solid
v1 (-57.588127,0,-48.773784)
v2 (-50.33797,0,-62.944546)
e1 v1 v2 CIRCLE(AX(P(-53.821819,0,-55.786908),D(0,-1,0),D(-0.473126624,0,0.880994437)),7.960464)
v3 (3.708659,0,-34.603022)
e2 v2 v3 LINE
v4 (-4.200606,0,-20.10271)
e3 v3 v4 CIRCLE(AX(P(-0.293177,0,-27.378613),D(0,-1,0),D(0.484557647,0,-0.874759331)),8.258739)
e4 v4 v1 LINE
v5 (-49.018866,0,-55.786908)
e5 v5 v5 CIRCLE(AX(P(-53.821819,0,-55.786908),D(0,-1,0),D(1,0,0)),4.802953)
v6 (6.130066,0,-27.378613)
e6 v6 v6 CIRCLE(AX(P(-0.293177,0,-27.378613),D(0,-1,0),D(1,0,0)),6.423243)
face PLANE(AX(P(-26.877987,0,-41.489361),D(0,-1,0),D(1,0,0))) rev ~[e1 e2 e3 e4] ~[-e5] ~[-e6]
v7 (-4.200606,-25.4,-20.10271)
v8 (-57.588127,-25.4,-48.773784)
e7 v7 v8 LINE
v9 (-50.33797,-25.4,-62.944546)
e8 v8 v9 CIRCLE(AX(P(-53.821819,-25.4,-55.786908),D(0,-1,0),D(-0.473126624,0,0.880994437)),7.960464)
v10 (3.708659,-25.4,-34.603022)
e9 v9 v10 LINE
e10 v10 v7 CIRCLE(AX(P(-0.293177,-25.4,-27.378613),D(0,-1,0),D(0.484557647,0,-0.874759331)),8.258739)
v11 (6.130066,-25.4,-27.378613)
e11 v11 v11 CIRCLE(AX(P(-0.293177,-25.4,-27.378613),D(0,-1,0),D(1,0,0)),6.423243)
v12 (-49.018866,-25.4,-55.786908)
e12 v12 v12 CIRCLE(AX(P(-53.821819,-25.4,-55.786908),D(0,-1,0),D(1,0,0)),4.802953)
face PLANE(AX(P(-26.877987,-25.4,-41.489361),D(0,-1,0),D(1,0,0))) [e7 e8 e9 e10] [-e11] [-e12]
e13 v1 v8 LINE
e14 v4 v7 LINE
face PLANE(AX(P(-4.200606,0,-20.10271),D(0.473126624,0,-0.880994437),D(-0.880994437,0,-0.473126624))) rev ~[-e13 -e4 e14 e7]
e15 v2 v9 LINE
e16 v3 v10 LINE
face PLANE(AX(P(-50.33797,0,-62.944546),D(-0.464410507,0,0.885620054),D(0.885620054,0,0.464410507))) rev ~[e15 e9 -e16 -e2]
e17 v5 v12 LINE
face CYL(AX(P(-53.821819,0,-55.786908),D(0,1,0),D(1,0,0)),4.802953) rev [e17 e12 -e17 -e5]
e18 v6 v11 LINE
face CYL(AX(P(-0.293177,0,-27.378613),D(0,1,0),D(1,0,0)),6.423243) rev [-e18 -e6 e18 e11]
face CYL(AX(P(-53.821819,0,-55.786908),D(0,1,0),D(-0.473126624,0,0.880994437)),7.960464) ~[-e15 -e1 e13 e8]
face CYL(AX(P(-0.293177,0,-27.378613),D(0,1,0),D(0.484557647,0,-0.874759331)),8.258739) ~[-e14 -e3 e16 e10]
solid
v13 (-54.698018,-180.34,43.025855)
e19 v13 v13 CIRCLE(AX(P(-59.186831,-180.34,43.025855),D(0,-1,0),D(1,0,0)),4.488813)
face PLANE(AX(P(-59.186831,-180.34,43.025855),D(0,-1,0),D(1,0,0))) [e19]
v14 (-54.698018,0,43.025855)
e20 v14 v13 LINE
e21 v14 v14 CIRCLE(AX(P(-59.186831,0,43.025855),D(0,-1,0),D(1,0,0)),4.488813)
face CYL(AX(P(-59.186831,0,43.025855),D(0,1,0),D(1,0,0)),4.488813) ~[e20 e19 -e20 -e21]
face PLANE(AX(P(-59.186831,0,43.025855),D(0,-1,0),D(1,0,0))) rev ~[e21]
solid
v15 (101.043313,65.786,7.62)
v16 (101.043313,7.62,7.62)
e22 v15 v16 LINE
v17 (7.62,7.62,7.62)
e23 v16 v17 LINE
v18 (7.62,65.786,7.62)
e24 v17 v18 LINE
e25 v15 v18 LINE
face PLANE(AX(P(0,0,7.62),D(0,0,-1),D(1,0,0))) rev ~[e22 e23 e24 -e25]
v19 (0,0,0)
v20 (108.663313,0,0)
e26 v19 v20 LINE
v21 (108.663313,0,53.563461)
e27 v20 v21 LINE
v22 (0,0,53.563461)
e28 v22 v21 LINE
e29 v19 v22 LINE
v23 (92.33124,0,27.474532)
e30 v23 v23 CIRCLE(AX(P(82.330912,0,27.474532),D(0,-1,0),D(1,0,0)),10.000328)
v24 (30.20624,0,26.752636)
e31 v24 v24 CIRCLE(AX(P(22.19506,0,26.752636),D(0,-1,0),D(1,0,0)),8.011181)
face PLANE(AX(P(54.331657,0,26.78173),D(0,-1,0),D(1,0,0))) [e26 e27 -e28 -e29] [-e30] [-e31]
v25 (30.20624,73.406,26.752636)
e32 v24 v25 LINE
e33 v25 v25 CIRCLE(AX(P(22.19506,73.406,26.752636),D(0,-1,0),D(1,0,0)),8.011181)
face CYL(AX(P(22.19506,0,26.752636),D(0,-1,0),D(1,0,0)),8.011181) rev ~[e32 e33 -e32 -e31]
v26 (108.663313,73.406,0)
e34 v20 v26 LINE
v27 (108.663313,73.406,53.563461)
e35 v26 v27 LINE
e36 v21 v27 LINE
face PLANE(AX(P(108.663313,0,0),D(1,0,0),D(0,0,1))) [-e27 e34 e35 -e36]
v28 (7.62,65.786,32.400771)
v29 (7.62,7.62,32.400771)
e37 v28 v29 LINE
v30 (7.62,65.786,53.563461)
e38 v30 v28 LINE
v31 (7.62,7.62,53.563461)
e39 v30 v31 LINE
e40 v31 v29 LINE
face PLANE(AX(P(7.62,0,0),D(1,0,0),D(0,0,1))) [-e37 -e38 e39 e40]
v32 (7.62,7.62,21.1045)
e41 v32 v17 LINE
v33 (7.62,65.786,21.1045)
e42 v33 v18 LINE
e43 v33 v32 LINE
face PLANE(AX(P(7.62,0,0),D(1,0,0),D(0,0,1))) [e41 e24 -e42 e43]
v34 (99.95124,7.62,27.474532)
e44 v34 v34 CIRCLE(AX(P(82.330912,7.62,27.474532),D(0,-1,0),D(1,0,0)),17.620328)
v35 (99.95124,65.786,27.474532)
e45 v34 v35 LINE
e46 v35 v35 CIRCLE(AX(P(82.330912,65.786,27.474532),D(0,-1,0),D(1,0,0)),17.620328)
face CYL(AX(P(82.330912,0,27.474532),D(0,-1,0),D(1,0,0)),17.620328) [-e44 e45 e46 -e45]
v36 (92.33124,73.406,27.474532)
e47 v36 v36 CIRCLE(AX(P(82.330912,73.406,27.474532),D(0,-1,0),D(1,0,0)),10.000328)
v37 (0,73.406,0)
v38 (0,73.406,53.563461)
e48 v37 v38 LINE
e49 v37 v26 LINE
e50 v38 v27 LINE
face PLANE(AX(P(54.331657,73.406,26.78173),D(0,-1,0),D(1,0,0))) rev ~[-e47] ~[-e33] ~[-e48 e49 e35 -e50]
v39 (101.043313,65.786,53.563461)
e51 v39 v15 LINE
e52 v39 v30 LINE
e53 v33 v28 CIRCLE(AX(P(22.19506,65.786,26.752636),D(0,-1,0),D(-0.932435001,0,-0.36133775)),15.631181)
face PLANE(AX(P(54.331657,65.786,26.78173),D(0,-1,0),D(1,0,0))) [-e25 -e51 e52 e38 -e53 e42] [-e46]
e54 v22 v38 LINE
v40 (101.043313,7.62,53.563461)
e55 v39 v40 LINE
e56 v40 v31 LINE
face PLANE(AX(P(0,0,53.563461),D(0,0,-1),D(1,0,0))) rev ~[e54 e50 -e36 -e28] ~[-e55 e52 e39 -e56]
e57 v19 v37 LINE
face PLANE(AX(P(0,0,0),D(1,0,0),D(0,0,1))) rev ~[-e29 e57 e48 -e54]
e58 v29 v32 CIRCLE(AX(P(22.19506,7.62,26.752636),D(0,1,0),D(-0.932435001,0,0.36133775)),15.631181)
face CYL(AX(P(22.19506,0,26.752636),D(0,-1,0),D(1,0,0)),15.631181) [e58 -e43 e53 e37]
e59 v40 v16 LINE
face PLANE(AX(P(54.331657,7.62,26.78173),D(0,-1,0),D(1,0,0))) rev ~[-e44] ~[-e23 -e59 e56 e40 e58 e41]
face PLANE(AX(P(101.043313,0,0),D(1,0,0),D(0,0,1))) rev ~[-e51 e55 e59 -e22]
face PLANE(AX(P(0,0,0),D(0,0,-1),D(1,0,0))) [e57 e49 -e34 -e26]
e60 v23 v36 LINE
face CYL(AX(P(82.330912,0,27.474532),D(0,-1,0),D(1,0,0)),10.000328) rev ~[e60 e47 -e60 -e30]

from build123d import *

# Parameters (mm, degrees)
F0_W     = 108.6633130908
F0_H     = 53.5634607077
F0_R     = 8.0111805039
F0_R_2   = 10.0003279272
F1_DEPTH = 73.406
F2_T     = -7.62
F3_R     = 4.4888128734
F4_DEPTH = 180.34
F5_R     = 4.802952677
F5_R_2   = 6.4232426475
F6_DEPTH = 25.4


with BuildPart() as f1:
    # F0 (on Front) → F1 (new body)
    with BuildSketch(Plane.XZ):
        with Locations((54.3316565454, 26.7817303538)):
            Rectangle(F0_W, F0_H)
        with Locations((22.1950598061, 26.7526358366)):
            Circle(F0_R, mode=Mode.SUBTRACT)
        with Locations((82.3309123516, 27.4745319039)):
            Circle(F0_R_2, mode=Mode.SUBTRACT)
    extrude(amount=-F1_DEPTH)

    # F2
    f2_openings = [f1.faces().sort_by_distance(p)[0] for p in [
        (54.331657, 36.703, 53.563461),
    ]]
    offset(amount=F2_T, openings=f2_openings, kind=Kind.INTERSECTION)


with BuildPart() as f4:
    # F3 (on Front) → F4 (new body)
    with BuildSketch(Plane.XZ):
        with Locations((-59.1868311167, 43.025854975)):
            Circle(F3_R)
    extrude(amount=F4_DEPTH)


with BuildPart() as f6:
    # F5 (on Front) → F6 (new body)
    with BuildSketch(Plane.XZ):
        with BuildLine():
            Line((-4.2006061412, -20.1027095318), (-57.5881265104, -48.7737841904))
            ThreePointArc((-57.5881265104, -48.7737841904), (-60.9086076306, -59.4127066545), (-50.3379702568, -62.9445463419))
            Line((-50.3379702568, -62.9445463419), (3.7086585071, -34.6030220389))
            ThreePointArc((3.7086585071, -34.6030220389), (6.9571331768, -23.4238967044), (-4.2006061412, -20.1027095318))
        make_face()
        with Locations((-53.8218191704, -55.7869084706)):
            Circle(F5_R, mode=Mode.SUBTRACT)
        with Locations((-0.2931767349, -27.3786128421)):
            Circle(F5_R_2, mode=Mode.SUBTRACT)
    extrude(amount=F6_DEPTH)


solid = Compound([f1.part, f4.part, f6.part])
